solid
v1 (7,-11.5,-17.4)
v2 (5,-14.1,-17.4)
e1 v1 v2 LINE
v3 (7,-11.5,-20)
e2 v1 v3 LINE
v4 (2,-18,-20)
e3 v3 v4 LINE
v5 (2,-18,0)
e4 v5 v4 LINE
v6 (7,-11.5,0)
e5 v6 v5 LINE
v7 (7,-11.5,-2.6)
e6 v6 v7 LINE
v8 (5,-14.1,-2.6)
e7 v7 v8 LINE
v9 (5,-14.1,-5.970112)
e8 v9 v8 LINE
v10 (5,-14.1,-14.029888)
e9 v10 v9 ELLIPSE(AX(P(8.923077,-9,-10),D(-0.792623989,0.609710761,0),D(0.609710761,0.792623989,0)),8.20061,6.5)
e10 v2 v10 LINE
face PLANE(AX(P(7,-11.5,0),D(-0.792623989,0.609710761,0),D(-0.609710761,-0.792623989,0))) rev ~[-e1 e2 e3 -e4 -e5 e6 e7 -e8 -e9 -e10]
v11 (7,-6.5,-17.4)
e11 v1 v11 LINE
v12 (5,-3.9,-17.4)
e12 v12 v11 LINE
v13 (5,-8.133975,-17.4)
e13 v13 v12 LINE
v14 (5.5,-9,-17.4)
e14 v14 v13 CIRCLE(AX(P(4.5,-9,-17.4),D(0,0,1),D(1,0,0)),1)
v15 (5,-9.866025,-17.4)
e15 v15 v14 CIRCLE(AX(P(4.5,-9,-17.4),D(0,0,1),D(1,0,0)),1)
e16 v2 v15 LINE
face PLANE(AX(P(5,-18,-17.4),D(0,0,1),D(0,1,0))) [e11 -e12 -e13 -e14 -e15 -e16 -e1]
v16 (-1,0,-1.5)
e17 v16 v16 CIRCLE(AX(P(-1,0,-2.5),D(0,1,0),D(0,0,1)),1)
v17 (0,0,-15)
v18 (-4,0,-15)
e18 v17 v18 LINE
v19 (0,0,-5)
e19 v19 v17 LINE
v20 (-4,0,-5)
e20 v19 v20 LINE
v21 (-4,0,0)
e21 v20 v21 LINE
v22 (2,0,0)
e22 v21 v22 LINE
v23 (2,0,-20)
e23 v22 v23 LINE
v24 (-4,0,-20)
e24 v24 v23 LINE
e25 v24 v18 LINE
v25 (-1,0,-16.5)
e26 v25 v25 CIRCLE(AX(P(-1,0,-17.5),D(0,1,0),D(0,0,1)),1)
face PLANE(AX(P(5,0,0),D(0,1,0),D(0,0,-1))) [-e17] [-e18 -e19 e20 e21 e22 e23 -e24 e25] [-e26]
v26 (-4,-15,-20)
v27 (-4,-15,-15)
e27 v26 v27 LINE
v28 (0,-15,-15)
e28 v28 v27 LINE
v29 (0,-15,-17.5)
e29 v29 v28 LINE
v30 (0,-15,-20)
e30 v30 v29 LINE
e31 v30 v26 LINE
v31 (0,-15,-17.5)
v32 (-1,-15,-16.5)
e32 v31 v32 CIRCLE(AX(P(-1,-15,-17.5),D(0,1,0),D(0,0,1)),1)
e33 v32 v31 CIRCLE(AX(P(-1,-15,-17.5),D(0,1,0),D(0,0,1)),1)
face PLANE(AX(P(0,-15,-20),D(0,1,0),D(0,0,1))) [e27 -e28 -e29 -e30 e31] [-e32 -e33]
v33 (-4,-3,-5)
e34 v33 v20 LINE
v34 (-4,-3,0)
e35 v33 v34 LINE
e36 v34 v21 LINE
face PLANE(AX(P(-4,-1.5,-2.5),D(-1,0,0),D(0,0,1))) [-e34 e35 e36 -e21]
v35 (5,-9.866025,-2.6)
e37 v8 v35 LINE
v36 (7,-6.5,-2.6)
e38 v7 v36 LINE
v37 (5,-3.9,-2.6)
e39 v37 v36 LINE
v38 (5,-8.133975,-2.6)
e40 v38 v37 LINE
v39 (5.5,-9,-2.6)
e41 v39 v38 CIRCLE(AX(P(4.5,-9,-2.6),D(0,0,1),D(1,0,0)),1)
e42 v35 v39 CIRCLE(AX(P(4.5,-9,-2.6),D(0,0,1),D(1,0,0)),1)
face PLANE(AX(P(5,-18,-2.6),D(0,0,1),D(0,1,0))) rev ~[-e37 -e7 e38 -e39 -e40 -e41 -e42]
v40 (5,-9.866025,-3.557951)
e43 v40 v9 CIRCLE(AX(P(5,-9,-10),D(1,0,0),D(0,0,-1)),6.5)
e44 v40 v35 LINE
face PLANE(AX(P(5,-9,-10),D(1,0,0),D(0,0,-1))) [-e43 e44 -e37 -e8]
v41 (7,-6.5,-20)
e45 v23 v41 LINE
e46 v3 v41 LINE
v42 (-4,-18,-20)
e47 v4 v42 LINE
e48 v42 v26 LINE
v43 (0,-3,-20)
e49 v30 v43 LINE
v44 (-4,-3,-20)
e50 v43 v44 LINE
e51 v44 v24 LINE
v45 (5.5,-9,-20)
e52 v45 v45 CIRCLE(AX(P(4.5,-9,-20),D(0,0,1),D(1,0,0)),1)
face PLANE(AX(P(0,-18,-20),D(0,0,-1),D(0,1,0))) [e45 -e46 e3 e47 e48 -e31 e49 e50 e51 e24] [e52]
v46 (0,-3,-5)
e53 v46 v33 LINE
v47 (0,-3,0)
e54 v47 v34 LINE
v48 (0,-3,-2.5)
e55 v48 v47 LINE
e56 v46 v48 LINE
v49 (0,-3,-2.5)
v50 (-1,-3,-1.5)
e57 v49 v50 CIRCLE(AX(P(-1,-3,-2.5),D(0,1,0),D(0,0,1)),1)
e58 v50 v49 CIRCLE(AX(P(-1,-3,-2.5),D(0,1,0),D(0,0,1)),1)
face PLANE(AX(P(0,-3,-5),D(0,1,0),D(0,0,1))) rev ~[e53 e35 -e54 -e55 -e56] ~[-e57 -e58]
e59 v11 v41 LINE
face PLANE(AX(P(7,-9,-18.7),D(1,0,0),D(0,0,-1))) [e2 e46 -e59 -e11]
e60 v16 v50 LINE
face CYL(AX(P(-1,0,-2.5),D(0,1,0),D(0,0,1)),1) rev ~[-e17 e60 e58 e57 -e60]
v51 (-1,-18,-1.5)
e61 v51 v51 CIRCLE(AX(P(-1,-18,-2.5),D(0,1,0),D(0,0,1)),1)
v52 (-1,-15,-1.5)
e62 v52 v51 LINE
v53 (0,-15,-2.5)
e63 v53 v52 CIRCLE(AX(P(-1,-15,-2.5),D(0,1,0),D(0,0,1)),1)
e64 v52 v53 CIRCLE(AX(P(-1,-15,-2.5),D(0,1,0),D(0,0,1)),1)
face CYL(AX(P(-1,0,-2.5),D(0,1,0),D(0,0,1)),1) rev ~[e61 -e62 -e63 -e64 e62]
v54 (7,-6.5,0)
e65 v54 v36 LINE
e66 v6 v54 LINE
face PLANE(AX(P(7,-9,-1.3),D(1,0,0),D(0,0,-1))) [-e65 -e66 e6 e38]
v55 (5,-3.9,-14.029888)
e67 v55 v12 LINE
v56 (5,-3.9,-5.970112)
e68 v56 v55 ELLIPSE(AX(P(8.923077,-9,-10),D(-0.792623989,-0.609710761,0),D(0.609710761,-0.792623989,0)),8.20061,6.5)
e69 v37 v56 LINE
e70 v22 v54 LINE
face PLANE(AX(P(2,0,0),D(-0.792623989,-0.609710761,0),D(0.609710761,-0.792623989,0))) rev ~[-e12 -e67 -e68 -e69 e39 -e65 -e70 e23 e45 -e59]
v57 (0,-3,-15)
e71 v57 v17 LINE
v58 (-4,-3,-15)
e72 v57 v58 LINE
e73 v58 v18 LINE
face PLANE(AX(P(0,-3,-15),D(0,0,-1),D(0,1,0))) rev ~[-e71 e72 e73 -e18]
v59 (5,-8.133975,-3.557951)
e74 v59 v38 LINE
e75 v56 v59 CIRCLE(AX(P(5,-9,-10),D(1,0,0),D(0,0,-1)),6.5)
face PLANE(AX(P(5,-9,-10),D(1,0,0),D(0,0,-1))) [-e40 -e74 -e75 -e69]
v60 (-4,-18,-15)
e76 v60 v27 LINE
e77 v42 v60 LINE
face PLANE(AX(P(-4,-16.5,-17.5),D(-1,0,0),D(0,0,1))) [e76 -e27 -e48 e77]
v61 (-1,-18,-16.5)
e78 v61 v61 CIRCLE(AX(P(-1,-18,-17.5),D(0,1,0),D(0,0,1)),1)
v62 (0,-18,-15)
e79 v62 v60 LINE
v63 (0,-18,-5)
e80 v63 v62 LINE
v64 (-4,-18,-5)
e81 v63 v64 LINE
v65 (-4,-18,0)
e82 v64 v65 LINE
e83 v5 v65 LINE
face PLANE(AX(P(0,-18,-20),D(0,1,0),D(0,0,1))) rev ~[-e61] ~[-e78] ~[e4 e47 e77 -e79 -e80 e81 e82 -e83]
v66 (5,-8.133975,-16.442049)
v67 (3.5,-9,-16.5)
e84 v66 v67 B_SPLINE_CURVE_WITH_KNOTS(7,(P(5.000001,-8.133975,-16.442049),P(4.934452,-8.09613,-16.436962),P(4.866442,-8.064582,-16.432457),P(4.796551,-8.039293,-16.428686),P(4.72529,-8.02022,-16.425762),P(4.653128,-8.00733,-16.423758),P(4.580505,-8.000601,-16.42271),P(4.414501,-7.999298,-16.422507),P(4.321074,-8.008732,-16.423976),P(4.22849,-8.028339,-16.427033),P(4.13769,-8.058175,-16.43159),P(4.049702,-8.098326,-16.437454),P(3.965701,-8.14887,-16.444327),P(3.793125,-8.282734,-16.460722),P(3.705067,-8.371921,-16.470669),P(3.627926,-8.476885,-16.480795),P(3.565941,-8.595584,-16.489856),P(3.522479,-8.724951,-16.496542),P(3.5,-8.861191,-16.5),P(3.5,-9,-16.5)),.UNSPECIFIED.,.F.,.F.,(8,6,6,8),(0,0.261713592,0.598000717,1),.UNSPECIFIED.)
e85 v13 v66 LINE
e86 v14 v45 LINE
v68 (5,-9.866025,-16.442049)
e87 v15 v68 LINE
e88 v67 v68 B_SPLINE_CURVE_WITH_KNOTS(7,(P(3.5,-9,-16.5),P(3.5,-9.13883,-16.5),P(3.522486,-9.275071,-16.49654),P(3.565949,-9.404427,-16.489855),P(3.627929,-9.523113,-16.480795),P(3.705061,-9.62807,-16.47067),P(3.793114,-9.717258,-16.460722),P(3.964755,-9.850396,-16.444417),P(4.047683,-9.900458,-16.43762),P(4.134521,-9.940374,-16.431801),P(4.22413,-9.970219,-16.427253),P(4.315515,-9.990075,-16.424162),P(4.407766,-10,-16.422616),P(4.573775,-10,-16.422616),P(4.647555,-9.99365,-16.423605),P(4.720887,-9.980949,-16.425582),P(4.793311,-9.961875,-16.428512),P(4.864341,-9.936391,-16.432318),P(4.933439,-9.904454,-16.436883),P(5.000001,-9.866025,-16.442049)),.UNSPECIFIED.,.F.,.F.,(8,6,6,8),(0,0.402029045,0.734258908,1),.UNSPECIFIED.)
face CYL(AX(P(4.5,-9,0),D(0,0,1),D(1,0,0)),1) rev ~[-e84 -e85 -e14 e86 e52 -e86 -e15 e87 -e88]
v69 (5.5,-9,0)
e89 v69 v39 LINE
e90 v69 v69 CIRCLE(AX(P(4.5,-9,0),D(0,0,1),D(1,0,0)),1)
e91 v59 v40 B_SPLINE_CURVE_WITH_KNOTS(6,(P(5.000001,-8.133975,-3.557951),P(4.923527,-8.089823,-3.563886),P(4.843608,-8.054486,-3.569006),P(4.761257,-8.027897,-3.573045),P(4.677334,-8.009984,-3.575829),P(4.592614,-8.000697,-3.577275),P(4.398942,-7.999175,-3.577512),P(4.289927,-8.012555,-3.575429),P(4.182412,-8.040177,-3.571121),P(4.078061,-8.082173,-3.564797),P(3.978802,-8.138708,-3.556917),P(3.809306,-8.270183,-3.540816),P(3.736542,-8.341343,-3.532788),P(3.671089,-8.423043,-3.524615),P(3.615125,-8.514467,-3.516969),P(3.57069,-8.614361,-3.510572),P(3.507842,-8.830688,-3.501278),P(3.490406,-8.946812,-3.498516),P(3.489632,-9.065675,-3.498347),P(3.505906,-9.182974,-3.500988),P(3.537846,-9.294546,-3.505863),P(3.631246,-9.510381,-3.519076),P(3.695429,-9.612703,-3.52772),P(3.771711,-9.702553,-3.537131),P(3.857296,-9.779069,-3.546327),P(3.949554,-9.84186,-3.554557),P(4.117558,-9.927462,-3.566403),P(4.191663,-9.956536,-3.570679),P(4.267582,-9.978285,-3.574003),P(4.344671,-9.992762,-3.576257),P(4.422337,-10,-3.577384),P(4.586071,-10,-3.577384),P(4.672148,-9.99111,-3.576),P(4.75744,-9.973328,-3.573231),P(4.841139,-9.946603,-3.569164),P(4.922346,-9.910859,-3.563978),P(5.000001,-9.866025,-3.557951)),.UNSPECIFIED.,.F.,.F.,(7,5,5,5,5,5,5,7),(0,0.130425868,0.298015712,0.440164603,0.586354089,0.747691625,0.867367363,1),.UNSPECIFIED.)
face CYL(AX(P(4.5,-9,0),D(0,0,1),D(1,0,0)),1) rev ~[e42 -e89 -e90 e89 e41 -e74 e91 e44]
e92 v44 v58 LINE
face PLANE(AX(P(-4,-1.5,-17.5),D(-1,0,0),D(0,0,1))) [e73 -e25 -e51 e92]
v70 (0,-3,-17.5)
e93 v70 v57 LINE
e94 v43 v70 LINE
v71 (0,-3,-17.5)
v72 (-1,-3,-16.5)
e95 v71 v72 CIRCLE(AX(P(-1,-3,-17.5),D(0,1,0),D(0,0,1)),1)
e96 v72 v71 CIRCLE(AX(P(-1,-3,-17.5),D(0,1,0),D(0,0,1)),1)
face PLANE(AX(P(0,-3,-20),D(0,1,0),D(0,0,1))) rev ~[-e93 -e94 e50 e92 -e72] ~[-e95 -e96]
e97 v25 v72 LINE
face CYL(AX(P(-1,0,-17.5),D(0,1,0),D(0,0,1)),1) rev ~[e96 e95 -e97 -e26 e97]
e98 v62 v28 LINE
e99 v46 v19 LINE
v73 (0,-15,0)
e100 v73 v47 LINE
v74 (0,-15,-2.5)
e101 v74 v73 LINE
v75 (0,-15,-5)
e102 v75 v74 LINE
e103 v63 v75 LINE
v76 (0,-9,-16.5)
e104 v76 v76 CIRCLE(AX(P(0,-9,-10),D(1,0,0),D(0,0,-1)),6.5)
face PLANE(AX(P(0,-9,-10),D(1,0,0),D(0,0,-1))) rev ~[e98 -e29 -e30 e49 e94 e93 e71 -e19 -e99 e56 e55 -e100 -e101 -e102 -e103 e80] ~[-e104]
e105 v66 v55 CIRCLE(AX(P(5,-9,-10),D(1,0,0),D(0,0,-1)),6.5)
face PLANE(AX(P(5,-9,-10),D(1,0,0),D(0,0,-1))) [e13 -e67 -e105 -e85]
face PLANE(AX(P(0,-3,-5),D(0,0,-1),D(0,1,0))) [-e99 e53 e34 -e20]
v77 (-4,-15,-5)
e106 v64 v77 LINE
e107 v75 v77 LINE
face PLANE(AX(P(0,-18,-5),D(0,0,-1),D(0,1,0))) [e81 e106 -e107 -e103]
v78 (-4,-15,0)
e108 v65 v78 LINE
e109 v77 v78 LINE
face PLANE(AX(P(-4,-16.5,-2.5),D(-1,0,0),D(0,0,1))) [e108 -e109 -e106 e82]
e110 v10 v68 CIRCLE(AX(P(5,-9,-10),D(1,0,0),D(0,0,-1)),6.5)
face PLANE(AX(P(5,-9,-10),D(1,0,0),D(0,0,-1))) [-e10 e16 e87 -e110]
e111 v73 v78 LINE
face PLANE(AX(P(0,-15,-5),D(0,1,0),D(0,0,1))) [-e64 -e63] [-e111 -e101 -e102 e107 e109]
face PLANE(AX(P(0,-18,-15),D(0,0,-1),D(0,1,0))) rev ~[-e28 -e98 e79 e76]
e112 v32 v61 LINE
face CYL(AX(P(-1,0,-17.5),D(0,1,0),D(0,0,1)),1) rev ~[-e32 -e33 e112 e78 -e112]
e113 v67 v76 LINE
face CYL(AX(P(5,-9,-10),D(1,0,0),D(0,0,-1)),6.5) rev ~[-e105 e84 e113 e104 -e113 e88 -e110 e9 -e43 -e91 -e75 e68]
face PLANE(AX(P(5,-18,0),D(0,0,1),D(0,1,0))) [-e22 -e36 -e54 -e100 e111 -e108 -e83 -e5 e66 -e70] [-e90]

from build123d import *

# Parameters (mm, degrees)
SKETCH_1_W          = 20
SKETCH_1_H          = 18
EXTRUDE_1_DEPTH     = 5
SKETCH_2_R          = 6.5
CUT_EXTRUDE_1_DEPTH = 28.367864367
SKETCH_3_W          = 2.6
SKETCH_3_H          = 18
EXTRUDE_2_DEPTH     = 2
SKETCH_4_R          = 1
CUT_EXTRUDE_2_DEPTH = 28.802877549
CUT_EXTRUDE_3_DEPTH = 28.802877621
SKETCH_6_W          = 5
SKETCH_6_H          = 3
EXTRUDE_3_DEPTH     = 4
SKETCH_7_R          = 1
CUT_EXTRUDE_4_DEPTH = 28.802877621


with BuildPart() as part:
    # 草图1 → 凸台-拉伸1 (new body)
    with BuildSketch(Plane(origin=(0, 0, 0), x_dir=(0, 0, -1), z_dir=(1, 0, 0))):
        with Locations((10, -9)):
            Rectangle(SKETCH_1_W, SKETCH_1_H)
    extrude(amount=EXTRUDE_1_DEPTH)

    # 草图2 → 切除-拉伸1 (cut, through all)
    with BuildSketch(Plane(origin=(5, 0, 0), x_dir=(0, 0, -1), z_dir=(1, 0, 0))):
        with Locations((10, -9)):
            Circle(SKETCH_2_R)
    extrude(amount=-CUT_EXTRUDE_1_DEPTH, mode=Mode.SUBTRACT)

    # 草图3 → 凸台-拉伸2 (add)
    with BuildSketch(Plane(origin=(5, 0, 0), x_dir=(0, 0, -1), z_dir=(1, 0, 0))):
        with Locations((1.3, -9)):
            Rectangle(SKETCH_3_W, SKETCH_3_H)
        with Locations((18.7, -9)):
            Rectangle(SKETCH_3_W, SKETCH_3_H)
    extrude(amount=EXTRUDE_2_DEPTH)

    # 草图4 → 切除-拉伸2 (cut, through all)
    with BuildSketch(Plane.XY):
        with Locations((4.5, -9)):
            Circle(SKETCH_4_R)
    extrude(amount=-CUT_EXTRUDE_2_DEPTH, mode=Mode.SUBTRACT)

    # 草图5 → 切除-拉伸3 (cut, through all)
    with BuildSketch(Plane.XY):
        Polygon((7, 0), (2, 0), (7, -6.5), align=None)
        Polygon((7, -18), (7, -11.5), (2, -18), align=None)
    extrude(amount=-CUT_EXTRUDE_3_DEPTH, mode=Mode.SUBTRACT)

    # 草图6 → 凸台-拉伸3 (add)
    with BuildSketch(Plane.ZY):
        with Locations((-17.5, -16.5)):
            Rectangle(SKETCH_6_W, SKETCH_6_H)
        with Locations((-17.5, -1.5)):
            Rectangle(SKETCH_6_W, SKETCH_6_H)
        with Locations((-2.5, -1.5)):
            Rectangle(SKETCH_6_W, SKETCH_6_H)
        with Locations((-2.5, -16.5)):
            Rectangle(SKETCH_6_W, SKETCH_6_H)
    extrude(amount=EXTRUDE_3_DEPTH)

    # 草图7 → 切除-拉伸4 (cut, through all)
    with BuildSketch(Plane(origin=(0, 0, 0), x_dir=(1, 0, 0), z_dir=(0, 1, 0))):
        with Locations(Location((-1, 17.5, 0), (0, 0, 270))):
            Circle(SKETCH_7_R)
        with Locations(Location((-1, 2.5, 0), (0, 0, 270))):
            Circle(SKETCH_7_R)
    extrude(amount=-CUT_EXTRUDE_4_DEPTH, mode=Mode.SUBTRACT)


solid = part.part
